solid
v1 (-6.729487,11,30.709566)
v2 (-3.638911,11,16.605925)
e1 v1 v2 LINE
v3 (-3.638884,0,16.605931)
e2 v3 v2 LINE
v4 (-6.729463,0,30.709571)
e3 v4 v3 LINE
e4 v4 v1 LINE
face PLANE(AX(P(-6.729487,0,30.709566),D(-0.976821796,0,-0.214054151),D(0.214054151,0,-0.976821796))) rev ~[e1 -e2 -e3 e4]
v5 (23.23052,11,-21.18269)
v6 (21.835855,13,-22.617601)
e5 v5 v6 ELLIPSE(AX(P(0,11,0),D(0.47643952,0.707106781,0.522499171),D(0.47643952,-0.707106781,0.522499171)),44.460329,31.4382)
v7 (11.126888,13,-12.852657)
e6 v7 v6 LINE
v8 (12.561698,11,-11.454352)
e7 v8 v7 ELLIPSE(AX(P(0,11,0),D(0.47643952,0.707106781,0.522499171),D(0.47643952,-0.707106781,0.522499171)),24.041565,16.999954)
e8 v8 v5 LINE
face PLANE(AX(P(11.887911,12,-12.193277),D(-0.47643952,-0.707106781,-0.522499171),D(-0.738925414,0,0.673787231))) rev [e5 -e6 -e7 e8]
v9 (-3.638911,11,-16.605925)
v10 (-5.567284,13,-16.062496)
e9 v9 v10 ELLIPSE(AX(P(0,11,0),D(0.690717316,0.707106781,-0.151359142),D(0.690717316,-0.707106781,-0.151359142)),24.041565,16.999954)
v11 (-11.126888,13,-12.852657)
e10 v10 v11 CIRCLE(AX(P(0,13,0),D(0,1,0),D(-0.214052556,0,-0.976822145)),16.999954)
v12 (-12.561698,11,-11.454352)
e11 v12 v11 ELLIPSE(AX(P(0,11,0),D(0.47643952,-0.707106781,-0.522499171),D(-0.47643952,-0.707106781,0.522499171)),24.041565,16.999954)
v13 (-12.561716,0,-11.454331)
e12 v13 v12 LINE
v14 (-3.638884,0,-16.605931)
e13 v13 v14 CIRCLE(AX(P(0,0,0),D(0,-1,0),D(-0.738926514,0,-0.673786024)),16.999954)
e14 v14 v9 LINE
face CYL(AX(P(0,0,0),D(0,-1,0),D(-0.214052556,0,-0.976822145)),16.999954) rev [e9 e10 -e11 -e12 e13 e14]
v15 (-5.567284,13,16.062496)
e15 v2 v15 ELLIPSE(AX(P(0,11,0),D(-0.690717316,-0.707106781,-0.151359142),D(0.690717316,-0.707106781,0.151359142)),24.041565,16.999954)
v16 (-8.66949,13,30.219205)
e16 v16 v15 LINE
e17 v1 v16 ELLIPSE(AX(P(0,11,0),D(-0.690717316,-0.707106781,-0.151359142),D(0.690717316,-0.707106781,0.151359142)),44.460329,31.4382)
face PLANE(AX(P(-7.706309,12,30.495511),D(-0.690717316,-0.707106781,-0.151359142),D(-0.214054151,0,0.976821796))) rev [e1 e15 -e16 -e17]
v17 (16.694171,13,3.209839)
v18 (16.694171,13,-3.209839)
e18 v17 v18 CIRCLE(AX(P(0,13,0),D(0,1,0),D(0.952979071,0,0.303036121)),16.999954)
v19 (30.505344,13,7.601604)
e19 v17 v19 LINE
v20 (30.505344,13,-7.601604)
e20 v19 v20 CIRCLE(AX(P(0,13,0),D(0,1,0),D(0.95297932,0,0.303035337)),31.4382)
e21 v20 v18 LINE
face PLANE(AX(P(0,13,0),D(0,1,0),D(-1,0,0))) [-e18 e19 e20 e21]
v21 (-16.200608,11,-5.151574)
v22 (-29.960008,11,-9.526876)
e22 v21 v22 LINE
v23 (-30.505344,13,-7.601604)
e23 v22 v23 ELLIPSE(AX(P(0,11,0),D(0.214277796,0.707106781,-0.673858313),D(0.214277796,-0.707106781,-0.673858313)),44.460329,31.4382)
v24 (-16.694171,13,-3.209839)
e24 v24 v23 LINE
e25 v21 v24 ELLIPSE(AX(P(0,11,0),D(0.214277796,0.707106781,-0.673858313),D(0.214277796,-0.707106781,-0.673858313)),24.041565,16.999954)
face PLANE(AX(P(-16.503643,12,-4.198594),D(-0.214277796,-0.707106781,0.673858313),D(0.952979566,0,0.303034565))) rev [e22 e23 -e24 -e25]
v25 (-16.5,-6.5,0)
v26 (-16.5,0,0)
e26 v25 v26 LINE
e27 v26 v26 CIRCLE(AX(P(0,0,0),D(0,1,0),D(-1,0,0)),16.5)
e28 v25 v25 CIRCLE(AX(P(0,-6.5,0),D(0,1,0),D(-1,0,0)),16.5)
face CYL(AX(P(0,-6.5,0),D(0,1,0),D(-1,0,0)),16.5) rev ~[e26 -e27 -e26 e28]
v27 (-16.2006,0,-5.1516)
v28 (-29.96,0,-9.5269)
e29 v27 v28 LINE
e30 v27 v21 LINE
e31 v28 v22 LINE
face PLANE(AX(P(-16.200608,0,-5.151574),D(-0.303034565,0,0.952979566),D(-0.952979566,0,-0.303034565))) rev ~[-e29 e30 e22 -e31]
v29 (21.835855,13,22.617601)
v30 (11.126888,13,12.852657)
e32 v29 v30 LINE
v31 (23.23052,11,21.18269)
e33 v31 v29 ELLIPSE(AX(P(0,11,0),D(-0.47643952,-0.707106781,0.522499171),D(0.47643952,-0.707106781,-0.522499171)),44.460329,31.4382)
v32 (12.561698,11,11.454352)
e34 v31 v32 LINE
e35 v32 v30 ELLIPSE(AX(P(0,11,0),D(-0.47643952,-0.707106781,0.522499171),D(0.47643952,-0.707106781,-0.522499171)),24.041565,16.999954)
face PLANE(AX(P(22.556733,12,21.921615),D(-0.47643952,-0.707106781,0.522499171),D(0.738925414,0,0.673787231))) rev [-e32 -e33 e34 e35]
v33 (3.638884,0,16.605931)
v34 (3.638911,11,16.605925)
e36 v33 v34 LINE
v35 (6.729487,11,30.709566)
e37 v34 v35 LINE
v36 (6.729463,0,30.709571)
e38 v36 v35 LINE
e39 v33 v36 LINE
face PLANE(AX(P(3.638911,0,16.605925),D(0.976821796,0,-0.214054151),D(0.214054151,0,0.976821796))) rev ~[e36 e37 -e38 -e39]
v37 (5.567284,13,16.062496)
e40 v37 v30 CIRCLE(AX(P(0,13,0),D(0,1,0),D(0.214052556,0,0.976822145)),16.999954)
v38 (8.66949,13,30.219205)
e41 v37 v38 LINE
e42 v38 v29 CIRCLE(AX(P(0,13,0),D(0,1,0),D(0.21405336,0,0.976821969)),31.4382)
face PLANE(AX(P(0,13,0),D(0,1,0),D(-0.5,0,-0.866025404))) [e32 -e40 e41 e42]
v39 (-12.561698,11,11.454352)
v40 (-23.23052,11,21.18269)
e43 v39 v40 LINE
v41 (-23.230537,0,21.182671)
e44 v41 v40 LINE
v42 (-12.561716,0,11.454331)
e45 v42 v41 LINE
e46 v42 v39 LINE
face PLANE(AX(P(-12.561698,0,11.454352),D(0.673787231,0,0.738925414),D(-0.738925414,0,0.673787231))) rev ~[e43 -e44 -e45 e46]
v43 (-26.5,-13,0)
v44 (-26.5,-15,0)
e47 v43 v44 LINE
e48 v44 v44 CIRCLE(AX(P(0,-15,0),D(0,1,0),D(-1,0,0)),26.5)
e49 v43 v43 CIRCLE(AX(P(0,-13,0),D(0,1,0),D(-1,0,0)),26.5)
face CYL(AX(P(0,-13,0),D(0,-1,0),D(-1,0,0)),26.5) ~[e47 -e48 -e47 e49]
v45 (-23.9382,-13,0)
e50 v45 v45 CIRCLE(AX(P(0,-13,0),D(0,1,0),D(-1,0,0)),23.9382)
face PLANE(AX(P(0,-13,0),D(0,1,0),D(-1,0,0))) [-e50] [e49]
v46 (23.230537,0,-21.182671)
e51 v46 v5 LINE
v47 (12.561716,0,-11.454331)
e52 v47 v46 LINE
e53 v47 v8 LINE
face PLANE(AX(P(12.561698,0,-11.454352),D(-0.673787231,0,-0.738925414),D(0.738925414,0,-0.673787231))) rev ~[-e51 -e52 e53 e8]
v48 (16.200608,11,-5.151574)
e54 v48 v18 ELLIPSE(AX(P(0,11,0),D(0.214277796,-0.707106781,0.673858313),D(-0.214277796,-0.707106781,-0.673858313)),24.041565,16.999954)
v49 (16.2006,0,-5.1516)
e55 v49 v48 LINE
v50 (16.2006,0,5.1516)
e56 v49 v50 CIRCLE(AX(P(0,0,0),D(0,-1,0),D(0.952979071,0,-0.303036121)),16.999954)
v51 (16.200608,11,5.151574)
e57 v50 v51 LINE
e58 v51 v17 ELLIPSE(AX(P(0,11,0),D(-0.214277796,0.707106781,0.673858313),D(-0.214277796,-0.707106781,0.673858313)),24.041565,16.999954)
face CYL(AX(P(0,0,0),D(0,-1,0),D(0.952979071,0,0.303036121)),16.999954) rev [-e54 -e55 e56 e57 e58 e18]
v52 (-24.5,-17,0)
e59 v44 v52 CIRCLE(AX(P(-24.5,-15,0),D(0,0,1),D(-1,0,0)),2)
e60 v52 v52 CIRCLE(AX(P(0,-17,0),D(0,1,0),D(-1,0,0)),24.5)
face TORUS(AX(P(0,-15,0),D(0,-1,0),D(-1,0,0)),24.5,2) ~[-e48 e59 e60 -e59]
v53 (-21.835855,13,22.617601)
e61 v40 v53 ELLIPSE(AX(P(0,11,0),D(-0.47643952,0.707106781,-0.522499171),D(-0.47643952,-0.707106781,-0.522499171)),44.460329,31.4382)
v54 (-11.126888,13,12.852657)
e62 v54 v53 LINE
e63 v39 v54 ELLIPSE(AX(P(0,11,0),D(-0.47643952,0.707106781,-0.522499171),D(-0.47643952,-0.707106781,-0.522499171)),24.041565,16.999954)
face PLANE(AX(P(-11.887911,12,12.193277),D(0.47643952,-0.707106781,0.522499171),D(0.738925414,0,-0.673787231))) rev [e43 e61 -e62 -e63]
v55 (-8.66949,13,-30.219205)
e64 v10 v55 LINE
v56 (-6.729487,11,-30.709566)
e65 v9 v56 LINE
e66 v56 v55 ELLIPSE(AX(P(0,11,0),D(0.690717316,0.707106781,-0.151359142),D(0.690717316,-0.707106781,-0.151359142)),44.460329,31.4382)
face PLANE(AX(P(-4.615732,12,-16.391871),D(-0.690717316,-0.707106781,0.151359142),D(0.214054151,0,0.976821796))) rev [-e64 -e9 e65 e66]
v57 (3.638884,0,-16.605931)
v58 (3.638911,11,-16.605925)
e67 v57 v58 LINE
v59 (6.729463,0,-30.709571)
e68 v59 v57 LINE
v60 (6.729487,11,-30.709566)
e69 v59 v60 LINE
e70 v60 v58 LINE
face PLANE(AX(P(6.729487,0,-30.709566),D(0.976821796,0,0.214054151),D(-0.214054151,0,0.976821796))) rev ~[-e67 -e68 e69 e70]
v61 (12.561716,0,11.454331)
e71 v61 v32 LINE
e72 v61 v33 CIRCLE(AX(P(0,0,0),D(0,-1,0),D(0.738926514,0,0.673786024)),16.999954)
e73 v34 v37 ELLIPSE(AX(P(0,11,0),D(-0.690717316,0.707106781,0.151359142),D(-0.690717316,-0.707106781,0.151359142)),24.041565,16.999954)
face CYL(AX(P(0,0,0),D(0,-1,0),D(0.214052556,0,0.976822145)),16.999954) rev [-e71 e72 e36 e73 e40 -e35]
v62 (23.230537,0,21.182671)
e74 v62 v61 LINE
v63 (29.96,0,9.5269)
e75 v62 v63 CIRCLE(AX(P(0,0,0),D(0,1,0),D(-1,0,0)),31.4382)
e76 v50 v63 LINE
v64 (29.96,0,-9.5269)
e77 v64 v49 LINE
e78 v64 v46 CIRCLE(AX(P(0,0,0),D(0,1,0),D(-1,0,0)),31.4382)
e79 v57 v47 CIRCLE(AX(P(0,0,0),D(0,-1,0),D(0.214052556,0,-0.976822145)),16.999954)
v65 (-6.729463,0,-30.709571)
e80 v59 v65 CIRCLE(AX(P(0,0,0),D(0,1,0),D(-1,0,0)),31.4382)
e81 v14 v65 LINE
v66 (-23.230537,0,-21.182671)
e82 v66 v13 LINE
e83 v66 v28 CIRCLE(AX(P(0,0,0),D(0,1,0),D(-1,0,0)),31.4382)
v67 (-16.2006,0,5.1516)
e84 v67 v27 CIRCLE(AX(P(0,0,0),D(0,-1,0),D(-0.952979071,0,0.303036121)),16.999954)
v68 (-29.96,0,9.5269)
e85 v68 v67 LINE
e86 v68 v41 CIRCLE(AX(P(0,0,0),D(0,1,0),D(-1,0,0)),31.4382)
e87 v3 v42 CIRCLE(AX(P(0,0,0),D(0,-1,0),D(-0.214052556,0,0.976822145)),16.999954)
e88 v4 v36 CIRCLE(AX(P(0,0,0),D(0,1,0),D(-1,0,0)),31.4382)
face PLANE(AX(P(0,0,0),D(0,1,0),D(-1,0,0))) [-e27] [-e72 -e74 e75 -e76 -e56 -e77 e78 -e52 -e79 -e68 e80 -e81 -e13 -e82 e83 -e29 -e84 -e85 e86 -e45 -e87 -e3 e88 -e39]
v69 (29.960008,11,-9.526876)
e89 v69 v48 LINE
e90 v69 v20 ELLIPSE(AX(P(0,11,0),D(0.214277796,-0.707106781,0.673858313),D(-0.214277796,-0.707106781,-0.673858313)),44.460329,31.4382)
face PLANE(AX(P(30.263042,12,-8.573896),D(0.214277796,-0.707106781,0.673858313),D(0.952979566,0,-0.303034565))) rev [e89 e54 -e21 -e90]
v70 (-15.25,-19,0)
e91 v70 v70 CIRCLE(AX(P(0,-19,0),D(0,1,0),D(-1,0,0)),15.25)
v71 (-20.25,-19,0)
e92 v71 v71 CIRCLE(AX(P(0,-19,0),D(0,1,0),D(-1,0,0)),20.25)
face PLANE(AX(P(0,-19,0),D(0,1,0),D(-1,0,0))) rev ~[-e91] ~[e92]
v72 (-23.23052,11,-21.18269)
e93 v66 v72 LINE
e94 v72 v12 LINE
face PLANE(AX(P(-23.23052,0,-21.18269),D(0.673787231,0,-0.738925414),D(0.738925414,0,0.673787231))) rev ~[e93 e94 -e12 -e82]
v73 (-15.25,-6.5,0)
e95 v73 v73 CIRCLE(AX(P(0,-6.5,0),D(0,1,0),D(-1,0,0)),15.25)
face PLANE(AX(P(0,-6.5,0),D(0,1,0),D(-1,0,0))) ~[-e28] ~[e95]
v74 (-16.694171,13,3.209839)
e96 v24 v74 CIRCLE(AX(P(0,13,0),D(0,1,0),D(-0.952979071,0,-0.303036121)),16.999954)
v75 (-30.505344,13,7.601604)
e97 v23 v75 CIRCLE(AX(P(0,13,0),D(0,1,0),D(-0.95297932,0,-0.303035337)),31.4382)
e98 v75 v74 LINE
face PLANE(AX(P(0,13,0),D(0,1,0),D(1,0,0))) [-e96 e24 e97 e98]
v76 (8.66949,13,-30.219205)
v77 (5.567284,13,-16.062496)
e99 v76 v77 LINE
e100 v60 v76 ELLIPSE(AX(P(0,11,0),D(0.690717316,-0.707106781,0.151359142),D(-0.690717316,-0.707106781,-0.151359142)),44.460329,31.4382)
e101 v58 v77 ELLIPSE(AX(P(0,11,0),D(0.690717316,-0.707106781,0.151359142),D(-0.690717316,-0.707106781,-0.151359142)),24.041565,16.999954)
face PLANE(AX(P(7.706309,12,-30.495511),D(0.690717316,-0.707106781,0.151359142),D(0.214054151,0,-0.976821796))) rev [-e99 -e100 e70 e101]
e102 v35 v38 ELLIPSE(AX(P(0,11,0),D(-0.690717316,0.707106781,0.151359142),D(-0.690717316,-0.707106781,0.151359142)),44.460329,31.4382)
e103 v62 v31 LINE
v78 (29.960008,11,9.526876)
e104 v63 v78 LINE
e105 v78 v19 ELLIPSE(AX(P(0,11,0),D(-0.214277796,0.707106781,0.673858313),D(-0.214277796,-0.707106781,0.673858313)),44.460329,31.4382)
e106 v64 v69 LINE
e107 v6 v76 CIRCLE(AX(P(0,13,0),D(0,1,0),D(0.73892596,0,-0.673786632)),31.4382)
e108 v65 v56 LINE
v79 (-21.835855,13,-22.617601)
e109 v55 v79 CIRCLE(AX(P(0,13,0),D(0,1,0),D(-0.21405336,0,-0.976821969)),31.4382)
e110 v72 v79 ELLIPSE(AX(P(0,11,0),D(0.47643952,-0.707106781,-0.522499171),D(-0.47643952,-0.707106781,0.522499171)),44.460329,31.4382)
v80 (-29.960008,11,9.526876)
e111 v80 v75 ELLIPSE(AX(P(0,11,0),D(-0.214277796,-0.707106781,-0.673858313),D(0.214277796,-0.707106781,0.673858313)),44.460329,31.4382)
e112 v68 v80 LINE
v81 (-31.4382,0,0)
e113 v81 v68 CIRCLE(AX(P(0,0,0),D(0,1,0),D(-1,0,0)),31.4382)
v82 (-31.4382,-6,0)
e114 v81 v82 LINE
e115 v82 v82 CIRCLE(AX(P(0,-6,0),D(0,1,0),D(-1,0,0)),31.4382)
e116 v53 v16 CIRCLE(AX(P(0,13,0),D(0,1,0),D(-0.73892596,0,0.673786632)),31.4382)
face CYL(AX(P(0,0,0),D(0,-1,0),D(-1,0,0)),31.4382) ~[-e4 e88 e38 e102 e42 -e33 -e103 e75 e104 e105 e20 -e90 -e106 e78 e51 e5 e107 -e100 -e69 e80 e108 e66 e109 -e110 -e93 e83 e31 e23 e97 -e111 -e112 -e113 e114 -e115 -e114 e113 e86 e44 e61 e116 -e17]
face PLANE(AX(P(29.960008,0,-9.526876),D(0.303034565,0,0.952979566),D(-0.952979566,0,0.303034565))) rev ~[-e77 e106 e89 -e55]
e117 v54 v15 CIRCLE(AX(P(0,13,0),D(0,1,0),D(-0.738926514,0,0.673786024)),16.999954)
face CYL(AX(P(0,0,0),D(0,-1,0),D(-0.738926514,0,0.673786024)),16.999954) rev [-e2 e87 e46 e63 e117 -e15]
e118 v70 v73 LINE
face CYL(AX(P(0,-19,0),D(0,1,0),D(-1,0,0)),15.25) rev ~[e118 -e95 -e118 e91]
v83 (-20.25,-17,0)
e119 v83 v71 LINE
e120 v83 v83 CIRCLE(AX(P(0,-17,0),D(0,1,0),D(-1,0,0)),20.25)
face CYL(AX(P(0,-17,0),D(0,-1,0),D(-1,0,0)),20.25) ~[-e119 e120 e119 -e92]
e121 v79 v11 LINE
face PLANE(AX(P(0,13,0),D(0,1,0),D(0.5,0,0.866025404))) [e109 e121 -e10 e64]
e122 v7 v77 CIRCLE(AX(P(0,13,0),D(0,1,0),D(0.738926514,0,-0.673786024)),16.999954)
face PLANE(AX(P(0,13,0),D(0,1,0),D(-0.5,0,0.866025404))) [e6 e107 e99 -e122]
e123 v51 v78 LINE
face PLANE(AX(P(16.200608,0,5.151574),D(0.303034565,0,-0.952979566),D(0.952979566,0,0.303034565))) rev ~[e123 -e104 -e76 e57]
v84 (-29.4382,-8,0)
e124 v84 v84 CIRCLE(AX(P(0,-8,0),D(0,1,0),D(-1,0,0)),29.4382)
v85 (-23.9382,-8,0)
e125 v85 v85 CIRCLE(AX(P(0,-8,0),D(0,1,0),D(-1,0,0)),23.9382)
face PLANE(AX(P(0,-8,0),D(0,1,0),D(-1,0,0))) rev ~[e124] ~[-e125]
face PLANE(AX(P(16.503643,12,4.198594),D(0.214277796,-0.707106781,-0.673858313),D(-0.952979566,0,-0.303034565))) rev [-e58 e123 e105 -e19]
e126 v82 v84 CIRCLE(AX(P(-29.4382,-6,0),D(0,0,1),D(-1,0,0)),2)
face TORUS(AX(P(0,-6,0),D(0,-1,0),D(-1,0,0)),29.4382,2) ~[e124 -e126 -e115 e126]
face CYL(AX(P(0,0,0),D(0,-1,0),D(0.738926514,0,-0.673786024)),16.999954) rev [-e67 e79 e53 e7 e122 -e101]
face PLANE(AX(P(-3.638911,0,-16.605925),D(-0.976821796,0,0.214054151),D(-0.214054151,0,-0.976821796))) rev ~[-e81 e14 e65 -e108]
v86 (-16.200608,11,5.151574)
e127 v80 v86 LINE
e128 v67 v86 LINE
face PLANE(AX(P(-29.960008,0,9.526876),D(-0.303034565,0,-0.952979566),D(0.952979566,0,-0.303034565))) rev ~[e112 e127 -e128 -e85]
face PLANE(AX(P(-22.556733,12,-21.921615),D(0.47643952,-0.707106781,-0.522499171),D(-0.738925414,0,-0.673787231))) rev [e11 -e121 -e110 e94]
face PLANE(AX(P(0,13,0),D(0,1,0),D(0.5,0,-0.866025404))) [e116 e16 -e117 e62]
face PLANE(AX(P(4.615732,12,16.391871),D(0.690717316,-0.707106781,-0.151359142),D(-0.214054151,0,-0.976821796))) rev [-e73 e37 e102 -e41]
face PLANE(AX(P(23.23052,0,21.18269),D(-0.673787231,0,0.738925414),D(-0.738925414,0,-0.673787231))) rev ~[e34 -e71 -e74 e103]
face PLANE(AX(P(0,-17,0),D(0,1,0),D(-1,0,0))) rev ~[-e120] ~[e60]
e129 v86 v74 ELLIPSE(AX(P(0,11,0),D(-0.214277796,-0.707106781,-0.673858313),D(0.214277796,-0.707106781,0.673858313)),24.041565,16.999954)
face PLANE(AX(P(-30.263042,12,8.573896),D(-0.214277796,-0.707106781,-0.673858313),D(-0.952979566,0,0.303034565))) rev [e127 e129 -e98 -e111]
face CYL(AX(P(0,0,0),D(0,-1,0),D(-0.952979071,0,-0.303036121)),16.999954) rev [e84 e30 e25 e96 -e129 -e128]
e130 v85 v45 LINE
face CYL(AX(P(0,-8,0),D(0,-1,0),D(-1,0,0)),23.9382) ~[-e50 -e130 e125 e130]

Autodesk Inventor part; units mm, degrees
ref_plane "YZ Plane" through (0, 0, 0) normal (1, 0, 0) x (0, 1, 0)
ref_plane "XZ Plane" through (0, 0, 0) normal (0, 1, 0) x (-1, 0, 0)
ref_plane "XY Plane" through (0, 0, 0) normal (0, 0, 1) x (1, 0, 0)
sketch "Sketch1" plane through (0, 0, 0) normal (0, 0, 1) x (1, 0, 0)
  line L0 (-31.4382, 0) -> (-31.4382, -8)
  line L1 (-26.5, -13) -> (-26.5, -17)
  line L2 (-26.5, -17) -> (-20.25, -17)
  line L3 (-20.25, -17) -> (-20.25, -19)
  line L4 (-20.25, -19) -> (-15.25, -19)
  line L5 (-15.25, -19) -> (-15.25, -6.5)
  line L6 (-15.25, -6.5) -> (-16.5, -6.5)
  line L7 (-16.5, -6.5) -> (-16.5, 0)
  line L8 (-26.5, -13) -> (-23.9382, -13)
  line L9 (-31.4382, 0) -> (-16.5, 0)
  line L10 (-37.7259, 0) -> (6.2876, 0) projected
  line L11 (-31.4382, -8) -> (-23.9382, -8)
  line L12 (-23.9382, -8) -> (-23.9382, -13)
  line L13 (0, -22.8) -> (0, 3.8) projected
  point P0 (0, 0)
  dimension "d1" = 15.25
  dimension "d2" = 5
  dimension "d3" = 6.25
  dimension "d4" = 2
  dimension "d6" = 4
  dimension "d8" = 8
  dimension "d10" = 6.5
  dimension "d11" = 16.5
  dimension "d12" = 14.9382
  dimension "d14" = 5
  dimension "d15" = 7.5
revolve "Revolution1" add sketch "Sketch1" angle 360 about axis through (0, -10, 0) along (0, 1, 0)
sketch "Sketch2" plane through (0, 0, 0) normal (0, 1, 0) x (1, 0, 0)
  circle A0 centre (0, 0) radius 17 construction
  line L0 (0, 0) -> (-36.8022, 11.7026)
  line L1 (-36.8022, -11.7026) -> (0, 0)
  line L2 (-50.4503, 0) -> (45.0863, 0) projected
  arc A1 (-16.2006, 5.1516) -> (-16.2006, -5.1516) centre (0, 0) ccw
  circle A2 centre (0, 0) radius 31.4382 projected
  arc A3 (-29.96, 9.5269) -> (-29.96, -9.5269) centre (0, 0) ccw
  line L3 (-29.96, -9.5269) -> (-16.2006, -5.1516)
  line L4 (-29.96, 9.5269) -> (-16.2006, 5.1516)
  dimension "d17" = 34
  dimension "d18" = 35.28
extrude "Extrusion1" add sketch "Sketch2" along normal blind 13 contours A1 L2 A2 L0 | L1 A2 L2 A1
chamfer "Chamfer1" distance 2 angle 45 2 edges at (-23.0803, 13, -7.3392) (-23.0803, 13, 7.3392)
pattern_circular "Circular Pattern1" count 6 over 360 about axis through (0, -10, 0) along (0, 1, 0) of "Extrusion1", "Chamfer1"
fillet "Fillet1" radius 2 2 edges at (31.4382, -8, 0) (26.5, -17, 0)
properties part number "shaft_fixture"
